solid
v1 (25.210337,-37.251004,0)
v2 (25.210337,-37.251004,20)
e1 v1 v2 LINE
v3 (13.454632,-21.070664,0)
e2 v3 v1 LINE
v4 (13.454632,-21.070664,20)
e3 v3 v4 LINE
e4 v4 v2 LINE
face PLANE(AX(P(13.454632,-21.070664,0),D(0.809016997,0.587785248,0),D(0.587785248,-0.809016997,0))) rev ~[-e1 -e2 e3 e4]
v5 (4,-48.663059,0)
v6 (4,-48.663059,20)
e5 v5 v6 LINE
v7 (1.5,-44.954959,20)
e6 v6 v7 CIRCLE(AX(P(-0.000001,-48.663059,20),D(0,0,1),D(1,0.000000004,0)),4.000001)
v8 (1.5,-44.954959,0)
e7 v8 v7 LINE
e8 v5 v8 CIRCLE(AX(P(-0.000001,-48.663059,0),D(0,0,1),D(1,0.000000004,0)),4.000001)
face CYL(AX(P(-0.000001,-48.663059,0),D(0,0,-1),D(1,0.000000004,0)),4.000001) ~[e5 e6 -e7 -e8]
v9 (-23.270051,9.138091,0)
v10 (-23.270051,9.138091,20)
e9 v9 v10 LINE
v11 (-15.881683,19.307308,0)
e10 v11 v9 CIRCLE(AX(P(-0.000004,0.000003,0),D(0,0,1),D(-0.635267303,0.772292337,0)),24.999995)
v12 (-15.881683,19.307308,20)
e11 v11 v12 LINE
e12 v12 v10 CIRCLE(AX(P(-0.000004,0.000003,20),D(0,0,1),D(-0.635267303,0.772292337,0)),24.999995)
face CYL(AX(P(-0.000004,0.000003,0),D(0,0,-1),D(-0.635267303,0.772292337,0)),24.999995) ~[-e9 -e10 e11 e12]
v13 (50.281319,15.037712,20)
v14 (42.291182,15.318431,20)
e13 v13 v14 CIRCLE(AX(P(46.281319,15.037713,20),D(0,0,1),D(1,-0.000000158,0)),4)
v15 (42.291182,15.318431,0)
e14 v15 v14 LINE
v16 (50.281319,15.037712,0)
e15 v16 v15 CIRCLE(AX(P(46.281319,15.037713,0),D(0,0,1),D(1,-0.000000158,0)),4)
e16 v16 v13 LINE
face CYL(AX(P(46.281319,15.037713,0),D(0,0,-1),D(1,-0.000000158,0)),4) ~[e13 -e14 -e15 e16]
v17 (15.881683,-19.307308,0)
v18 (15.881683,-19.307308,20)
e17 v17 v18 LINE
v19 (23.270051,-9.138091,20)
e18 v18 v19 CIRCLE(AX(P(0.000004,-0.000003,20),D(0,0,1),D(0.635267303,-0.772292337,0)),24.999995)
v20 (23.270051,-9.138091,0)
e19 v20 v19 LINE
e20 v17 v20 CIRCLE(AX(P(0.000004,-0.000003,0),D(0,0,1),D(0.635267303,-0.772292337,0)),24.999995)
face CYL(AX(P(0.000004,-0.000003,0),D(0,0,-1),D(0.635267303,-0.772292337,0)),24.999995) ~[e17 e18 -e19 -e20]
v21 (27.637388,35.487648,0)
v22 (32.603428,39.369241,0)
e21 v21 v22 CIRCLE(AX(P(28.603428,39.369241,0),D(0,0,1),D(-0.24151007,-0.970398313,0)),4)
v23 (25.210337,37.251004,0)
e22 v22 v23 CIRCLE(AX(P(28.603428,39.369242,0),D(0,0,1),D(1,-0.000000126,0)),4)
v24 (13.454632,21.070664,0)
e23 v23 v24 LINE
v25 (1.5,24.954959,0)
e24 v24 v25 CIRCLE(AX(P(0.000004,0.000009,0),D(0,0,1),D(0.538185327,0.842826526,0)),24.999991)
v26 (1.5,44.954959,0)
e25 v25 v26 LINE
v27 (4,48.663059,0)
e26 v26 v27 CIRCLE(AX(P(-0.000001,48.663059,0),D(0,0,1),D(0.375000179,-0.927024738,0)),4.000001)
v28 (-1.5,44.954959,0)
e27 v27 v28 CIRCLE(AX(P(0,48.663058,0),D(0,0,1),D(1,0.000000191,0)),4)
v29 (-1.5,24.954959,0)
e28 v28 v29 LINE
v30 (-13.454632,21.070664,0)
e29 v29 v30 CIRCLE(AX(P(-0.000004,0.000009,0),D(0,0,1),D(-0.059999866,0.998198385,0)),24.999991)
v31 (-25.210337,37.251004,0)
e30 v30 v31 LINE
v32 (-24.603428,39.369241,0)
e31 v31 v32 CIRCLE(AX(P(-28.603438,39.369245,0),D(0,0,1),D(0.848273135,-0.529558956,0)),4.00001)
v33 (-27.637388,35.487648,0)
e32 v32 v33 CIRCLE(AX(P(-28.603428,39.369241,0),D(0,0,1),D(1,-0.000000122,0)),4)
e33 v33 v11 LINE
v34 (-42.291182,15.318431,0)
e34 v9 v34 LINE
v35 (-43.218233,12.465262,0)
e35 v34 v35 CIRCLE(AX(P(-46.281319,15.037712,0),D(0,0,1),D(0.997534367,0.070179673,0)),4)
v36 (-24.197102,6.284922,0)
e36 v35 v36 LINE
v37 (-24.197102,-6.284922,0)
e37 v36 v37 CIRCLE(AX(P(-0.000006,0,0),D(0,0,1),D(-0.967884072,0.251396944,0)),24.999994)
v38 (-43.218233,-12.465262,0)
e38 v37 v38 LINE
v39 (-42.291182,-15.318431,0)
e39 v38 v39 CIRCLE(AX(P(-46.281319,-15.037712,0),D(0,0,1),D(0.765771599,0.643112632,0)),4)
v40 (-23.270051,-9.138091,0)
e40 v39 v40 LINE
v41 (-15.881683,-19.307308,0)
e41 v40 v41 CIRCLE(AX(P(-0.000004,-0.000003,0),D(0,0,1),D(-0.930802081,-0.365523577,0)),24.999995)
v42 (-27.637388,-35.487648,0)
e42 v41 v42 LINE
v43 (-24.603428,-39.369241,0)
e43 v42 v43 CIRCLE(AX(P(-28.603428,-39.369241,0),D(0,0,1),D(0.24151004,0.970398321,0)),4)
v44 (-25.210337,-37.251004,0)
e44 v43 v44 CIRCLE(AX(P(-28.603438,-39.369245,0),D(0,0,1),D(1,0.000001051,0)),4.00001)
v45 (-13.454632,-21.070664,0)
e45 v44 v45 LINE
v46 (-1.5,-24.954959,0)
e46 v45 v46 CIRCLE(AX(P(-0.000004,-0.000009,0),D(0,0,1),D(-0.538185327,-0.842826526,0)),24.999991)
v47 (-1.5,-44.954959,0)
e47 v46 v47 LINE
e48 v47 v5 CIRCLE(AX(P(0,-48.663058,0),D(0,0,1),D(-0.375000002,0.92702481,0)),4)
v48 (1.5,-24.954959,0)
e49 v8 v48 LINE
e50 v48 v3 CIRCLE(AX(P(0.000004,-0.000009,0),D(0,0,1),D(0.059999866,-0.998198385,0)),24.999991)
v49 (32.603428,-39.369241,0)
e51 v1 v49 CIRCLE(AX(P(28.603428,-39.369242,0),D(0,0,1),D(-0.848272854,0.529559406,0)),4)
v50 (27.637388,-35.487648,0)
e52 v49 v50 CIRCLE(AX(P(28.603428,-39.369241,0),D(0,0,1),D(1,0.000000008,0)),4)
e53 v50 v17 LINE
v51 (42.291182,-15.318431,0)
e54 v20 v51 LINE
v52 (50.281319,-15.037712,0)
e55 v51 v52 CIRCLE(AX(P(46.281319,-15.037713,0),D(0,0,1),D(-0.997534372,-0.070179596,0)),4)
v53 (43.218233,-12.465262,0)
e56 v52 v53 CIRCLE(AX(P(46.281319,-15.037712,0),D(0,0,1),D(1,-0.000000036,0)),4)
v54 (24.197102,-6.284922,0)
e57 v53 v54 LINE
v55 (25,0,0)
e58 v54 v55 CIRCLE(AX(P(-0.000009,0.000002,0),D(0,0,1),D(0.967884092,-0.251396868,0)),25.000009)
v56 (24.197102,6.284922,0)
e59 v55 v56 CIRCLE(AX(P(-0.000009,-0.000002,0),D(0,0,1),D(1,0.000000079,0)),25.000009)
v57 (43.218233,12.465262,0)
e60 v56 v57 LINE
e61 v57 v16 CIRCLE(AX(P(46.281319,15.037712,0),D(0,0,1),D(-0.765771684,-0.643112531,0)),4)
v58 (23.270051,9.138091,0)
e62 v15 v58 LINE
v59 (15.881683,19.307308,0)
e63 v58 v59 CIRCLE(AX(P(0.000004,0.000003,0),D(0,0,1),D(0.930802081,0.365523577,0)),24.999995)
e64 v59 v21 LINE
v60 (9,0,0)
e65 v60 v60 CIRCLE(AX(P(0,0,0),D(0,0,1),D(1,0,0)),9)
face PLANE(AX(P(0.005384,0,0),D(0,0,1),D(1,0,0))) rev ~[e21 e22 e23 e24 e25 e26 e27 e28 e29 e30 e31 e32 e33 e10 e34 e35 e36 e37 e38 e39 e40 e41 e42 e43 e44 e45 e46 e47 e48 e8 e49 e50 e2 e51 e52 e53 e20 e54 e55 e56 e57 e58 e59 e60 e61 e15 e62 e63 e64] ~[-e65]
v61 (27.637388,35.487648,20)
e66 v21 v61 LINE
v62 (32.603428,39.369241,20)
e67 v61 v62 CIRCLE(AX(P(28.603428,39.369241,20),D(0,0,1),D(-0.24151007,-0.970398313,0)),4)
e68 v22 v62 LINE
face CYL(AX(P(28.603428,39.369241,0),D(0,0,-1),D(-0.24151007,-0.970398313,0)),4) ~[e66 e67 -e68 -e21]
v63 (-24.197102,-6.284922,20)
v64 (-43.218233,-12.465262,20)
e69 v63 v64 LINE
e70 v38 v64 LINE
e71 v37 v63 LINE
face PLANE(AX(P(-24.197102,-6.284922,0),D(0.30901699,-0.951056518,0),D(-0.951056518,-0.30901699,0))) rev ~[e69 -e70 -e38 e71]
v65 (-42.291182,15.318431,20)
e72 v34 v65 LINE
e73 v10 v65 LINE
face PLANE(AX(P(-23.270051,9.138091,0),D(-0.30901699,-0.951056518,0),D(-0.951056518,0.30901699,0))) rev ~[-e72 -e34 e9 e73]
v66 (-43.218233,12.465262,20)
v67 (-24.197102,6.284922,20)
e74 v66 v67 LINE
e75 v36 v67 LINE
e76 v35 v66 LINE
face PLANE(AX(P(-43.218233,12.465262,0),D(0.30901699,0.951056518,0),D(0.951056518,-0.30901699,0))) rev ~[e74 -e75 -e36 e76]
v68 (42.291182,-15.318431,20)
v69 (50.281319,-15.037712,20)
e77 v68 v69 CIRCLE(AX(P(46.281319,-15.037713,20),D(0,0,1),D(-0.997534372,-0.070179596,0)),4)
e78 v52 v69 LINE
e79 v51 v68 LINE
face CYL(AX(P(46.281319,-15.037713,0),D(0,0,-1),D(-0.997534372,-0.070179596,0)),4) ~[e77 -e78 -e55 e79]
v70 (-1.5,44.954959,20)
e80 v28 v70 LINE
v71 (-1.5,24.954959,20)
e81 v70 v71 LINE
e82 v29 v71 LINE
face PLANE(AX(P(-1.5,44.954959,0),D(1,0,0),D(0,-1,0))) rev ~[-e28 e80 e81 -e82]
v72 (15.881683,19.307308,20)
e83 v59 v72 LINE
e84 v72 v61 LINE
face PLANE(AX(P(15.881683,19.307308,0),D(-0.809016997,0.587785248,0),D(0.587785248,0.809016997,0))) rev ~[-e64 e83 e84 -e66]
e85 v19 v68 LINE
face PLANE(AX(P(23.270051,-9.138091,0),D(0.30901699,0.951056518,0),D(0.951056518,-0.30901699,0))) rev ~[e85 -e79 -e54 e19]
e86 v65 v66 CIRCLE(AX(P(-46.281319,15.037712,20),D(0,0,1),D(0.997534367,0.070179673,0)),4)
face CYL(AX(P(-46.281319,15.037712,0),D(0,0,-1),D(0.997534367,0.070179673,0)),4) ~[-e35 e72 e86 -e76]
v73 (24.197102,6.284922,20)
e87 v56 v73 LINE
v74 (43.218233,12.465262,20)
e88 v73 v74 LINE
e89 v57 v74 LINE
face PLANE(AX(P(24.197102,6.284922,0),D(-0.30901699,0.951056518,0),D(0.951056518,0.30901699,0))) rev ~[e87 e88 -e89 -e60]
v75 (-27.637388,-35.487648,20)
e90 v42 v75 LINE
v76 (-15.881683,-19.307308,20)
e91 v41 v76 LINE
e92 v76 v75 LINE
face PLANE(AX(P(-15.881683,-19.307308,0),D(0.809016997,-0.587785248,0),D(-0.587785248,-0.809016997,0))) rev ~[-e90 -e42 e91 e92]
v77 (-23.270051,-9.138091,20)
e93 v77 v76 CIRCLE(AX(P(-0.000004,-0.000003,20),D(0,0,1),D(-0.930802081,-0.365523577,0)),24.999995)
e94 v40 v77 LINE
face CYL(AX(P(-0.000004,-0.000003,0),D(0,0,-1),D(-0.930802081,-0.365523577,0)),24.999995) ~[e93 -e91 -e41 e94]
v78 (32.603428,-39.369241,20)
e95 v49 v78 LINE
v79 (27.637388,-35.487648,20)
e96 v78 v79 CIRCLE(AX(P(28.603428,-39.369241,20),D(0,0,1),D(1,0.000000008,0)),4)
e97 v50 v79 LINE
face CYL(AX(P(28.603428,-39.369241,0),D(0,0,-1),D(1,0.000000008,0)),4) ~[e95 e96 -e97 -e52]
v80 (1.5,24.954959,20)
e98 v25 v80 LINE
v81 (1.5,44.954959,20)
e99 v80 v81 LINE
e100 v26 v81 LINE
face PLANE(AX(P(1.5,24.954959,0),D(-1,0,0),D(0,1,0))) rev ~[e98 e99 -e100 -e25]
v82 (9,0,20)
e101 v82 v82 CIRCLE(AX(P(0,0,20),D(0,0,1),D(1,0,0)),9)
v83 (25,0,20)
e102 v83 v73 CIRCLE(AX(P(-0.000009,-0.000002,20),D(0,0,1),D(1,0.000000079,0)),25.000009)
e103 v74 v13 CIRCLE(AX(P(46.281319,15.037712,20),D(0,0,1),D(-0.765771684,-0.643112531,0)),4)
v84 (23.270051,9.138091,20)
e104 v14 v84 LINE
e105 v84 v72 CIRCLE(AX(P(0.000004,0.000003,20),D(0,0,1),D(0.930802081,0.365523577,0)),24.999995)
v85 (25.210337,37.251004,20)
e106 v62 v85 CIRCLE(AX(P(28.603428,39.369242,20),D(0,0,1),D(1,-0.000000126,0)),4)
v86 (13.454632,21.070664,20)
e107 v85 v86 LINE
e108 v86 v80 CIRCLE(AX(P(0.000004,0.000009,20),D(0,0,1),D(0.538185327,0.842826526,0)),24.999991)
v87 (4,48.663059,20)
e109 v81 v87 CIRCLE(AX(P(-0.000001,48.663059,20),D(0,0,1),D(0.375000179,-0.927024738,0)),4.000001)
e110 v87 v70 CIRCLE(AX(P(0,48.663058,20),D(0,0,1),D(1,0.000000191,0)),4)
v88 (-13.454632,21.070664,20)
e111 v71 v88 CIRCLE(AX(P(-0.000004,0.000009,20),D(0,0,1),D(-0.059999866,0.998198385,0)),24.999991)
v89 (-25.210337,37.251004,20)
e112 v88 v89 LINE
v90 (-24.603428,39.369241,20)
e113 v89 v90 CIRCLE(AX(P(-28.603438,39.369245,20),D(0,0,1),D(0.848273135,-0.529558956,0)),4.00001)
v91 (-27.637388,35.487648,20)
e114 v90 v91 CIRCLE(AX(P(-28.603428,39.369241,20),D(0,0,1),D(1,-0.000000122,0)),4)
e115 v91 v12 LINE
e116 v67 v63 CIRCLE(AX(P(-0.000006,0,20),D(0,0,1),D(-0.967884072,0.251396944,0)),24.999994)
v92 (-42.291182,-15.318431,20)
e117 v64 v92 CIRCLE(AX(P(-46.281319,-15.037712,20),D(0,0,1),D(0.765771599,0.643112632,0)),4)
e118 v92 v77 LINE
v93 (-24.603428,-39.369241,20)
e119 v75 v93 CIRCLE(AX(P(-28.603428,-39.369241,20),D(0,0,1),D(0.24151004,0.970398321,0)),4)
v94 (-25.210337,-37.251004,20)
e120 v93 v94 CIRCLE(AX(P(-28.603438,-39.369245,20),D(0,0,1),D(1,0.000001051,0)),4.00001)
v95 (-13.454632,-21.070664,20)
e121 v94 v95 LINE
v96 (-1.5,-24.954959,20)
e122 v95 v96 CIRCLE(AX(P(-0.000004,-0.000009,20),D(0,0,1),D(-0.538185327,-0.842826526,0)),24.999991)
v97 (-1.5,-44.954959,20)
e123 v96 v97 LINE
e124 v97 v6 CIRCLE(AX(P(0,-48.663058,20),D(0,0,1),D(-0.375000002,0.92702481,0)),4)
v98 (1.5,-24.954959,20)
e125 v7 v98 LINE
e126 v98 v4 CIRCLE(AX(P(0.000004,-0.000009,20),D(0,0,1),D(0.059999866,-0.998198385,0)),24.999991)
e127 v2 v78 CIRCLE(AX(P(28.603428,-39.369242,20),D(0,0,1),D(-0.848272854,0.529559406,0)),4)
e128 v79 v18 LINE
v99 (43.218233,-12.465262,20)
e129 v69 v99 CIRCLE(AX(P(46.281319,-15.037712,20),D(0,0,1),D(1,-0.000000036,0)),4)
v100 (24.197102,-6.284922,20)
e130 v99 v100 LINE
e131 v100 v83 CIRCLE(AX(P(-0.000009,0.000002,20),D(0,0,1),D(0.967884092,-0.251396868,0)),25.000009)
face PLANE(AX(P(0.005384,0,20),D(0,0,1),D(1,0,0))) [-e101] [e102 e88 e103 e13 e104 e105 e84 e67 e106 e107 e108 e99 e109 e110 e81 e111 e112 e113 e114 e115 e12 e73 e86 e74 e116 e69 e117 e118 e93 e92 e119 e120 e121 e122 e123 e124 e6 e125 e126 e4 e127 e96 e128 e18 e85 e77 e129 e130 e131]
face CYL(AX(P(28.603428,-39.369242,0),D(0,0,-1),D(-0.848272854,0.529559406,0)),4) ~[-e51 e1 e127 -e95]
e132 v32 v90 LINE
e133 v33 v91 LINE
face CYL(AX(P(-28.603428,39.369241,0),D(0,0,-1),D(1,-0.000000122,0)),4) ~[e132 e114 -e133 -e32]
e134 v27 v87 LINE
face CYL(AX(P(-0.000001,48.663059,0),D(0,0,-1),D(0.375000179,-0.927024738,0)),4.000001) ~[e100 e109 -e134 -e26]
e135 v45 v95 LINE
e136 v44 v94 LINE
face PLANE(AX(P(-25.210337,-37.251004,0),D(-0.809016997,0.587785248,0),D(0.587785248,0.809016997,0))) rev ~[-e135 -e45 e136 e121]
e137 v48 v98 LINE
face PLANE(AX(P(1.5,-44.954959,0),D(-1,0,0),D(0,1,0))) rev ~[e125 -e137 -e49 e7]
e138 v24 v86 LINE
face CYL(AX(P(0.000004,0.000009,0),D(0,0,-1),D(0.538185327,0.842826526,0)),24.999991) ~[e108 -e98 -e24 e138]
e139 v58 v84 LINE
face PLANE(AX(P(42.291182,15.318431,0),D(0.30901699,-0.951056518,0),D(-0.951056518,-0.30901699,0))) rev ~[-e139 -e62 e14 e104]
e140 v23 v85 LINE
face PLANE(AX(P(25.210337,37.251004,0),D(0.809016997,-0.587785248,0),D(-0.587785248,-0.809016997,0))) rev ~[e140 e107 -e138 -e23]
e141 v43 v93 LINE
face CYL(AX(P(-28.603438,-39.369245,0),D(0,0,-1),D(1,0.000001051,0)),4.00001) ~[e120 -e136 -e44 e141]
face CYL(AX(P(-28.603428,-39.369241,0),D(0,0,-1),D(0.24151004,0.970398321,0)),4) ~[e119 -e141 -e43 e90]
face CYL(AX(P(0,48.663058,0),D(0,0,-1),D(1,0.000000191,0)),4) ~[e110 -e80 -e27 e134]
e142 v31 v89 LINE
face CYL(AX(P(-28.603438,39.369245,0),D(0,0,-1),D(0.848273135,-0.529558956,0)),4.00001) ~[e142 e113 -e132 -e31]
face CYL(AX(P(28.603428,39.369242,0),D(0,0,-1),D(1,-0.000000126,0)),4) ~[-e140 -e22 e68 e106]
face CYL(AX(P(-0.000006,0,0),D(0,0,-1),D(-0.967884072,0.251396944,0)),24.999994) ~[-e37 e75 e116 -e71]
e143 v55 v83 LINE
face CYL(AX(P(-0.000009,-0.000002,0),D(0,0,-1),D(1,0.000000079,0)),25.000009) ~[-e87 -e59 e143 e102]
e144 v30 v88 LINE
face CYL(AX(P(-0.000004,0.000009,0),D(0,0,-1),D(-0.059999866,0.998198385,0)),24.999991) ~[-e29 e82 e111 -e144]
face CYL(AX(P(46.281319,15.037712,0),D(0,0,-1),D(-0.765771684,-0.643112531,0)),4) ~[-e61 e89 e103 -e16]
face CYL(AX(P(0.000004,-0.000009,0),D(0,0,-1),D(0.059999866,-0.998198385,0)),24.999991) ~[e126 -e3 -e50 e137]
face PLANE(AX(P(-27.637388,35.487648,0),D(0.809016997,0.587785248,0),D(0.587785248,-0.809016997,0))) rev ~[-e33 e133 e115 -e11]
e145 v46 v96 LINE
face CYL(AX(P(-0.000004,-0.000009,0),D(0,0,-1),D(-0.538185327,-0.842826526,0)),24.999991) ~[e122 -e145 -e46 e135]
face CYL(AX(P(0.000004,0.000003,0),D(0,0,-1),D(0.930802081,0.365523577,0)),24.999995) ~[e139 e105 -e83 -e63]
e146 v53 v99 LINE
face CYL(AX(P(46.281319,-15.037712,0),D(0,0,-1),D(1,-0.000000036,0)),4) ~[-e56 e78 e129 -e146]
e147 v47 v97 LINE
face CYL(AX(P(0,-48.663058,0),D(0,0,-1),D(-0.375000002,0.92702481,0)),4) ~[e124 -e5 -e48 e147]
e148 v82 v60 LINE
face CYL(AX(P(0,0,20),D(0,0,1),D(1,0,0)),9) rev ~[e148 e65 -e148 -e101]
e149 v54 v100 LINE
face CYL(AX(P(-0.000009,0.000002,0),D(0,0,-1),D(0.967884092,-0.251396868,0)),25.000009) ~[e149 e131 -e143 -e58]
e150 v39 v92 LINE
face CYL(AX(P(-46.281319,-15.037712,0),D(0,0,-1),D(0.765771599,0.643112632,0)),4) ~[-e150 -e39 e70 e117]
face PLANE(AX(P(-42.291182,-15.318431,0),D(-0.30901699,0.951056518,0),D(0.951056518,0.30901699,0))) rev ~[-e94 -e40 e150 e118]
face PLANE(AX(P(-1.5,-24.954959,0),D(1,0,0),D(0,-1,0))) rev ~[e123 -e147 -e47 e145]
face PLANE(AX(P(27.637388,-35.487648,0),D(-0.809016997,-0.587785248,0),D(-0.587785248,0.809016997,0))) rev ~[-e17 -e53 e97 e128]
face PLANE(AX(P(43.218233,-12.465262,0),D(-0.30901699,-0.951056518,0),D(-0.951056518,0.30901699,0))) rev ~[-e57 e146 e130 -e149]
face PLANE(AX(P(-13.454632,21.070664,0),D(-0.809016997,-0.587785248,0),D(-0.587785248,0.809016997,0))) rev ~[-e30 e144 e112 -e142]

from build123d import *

# Parameters (mm, degrees)
F1_DEPTH = 20
F2_R     = 9
F3_DEPTH = 20.001


with BuildPart() as f1:
    # F0 (on Top) → F1 (new body)
    with BuildSketch(Plane.XY):
        with BuildLine():
            ThreePointArc((24.197102, -6.284922), (24.798463, -3.168), (25, 0))
            ThreePointArc((25, 0), (24.798463, 3.168), (24.197102, 6.284922))
            ThreePointArc((24.197102, 6.284922), (23.776413, 7.725425), (23.270051, 9.138091))
            ThreePointArc((23.270051, 9.138091), (20.225425, 14.694631), (15.881683, 19.307308))
            ThreePointArc((15.881683, 19.307308), (14.694631, 20.225425), (13.454632, 21.070664))
            ThreePointArc((13.454632, 21.070664), (7.725425, 23.776413), (1.5, 24.954959))
            ThreePointArc((1.5, 24.954959), (0, 25), (-1.5, 24.954959))
            ThreePointArc((-1.5, 24.954959), (-7.725425, 23.776413), (-13.454632, 21.070664))
            ThreePointArc((-13.454632, 21.070664), (-14.694631, 20.225425), (-15.881683, 19.307308))
            ThreePointArc((-15.881683, 19.307308), (-20.225425, 14.694631), (-23.270051, 9.138091))
            ThreePointArc((-23.270051, 9.138091), (-23.776413, 7.725425), (-24.197102, 6.284922))
            ThreePointArc((-24.197102, 6.284922), (-25, 0), (-24.197102, -6.284922))
            ThreePointArc((-24.197102, -6.284922), (-23.776413, -7.725425), (-23.270051, -9.138091))
            ThreePointArc((-23.270051, -9.138091), (-20.225425, -14.694631), (-15.881683, -19.307308))
            ThreePointArc((-15.881683, -19.307308), (-14.694631, -20.225425), (-13.454632, -21.070664))
            ThreePointArc((-13.454632, -21.070664), (-7.725425, -23.776413), (-1.5, -24.954959))
            ThreePointArc((-1.5, -24.954959), (0, -25), (1.5, -24.954959))
            ThreePointArc((1.5, -24.954959), (7.725425, -23.776413), (13.454632, -21.070664))
            ThreePointArc((13.454632, -21.070664), (14.694631, -20.225425), (15.881683, -19.307308))
            ThreePointArc((15.881683, -19.307308), (20.225425, -14.694631), (23.270051, -9.138091))
            ThreePointArc((23.270051, -9.138091), (23.776413, -7.725425), (24.197102, -6.284922))
        make_face()
        with BuildLine():
            ThreePointArc((23.270051, 9.138091), (23.776413, 7.725425), (24.197102, 6.284922))
            Line((24.197102, 6.284922), (43.218233, 12.465262))
            ThreePointArc((43.218233, 12.465262), (42.477093, 13.801644), (42.291182, 15.318431))
            Line((42.291182, 15.318431), (23.270051, 9.138091))
        make_face()
        with BuildLine():
            Line((43.218233, -12.465262), (24.197102, -6.284922))
            ThreePointArc((24.197102, -6.284922), (23.776413, -7.725425), (23.270051, -9.138091))
            Line((23.270051, -9.138091), (42.291182, -15.318431))
            ThreePointArc((42.291182, -15.318431), (42.477093, -13.801644), (43.218233, -12.465262))
        make_face()
        with BuildLine():
            ThreePointArc((42.291182, 15.318431), (42.477093, 13.801644), (43.218233, 12.465262))
            ThreePointArc((43.218233, 12.465262), (47.650197, 11.279232), (50.281319, 15.037712))
            ThreePointArc((50.281319, 15.037712), (46.421765, 19.035246), (42.291182, 15.318431))
        make_face()
        with BuildLine():
            ThreePointArc((50.281319, -15.037712), (47.650197, -11.279232), (43.218233, -12.465262))
            ThreePointArc((43.218233, -12.465262), (42.477093, -13.801644), (42.291182, -15.318431))
            ThreePointArc((42.291182, -15.318431), (46.421765, -19.035246), (50.281319, -15.037712))
        make_face()
        with BuildLine():
            ThreePointArc((13.454632, 21.070664), (14.694631, 20.225425), (15.881683, 19.307308))
            Line((15.881683, 19.307308), (27.637388, 35.487648))
            ThreePointArc((27.637388, 35.487648), (26.252287, 36.133173), (25.210337, 37.251004))
            Line((25.210337, 37.251004), (13.454632, 21.070664))
        make_face()
        with BuildLine():
            Line((27.637388, -35.487648), (15.881683, -19.307308))
            ThreePointArc((15.881683, -19.307308), (14.694631, -20.225425), (13.454632, -21.070664))
            Line((13.454632, -21.070664), (25.210337, -37.251004))
            ThreePointArc((25.210337, -37.251004), (26.252287, -36.133173), (27.637388, -35.487648))
        make_face()
        with BuildLine():
            ThreePointArc((25.210337, 37.251004), (26.252287, 36.133173), (27.637388, 35.487648))
            ThreePointArc((27.637388, 35.487648), (31.066743, 36.217721), (32.603428, 39.369241))
            ThreePointArc((32.603428, 39.369241), (27.501695, 43.214522), (25.210337, 37.251004))
        make_face()
        with BuildLine():
            ThreePointArc((32.603428, -39.369241), (31.066743, -36.217721), (27.637388, -35.487648))
            ThreePointArc((27.637388, -35.487648), (26.252287, -36.133173), (25.210337, -37.251004))
            ThreePointArc((25.210337, -37.251004), (27.501695, -43.214522), (32.603428, -39.369241))
        make_face()
        with BuildLine():
            ThreePointArc((-1.5, 24.954959), (0, 25), (1.5, 24.954959))
            Line((1.5, 24.954959), (1.5, 44.954959))
            ThreePointArc((1.5, 44.954959), (0, 44.663059), (-1.5, 44.954959))
            Line((-1.5, 44.954959), (-1.5, 24.954959))
        make_face()
        with BuildLine():
            Line((1.5, -44.954959), (1.5, -24.954959))
            ThreePointArc((1.5, -24.954959), (0, -25), (-1.5, -24.954959))
            Line((-1.5, -24.954959), (-1.5, -44.954959))
            ThreePointArc((-1.5, -44.954959), (0, -44.663059), (1.5, -44.954959))
        make_face()
        with BuildLine():
            ThreePointArc((-1.5, 44.954959), (0, 44.663059), (1.5, 44.954959))
            ThreePointArc((1.5, 44.954959), (3.316625, 46.426991), (4, 48.663059))
            ThreePointArc((4, 48.663059), (-2.236068, 51.979683), (-1.5, 44.954959))
        make_face()
        with BuildLine():
            ThreePointArc((4, -48.663059), (3.316625, -46.426991), (1.5, -44.954959))
            ThreePointArc((1.5, -44.954959), (0, -44.663059), (-1.5, -44.954959))
            ThreePointArc((-1.5, -44.954959), (-2.236068, -51.979683), (4, -48.663059))
        make_face()
        with BuildLine():
            ThreePointArc((-15.881683, 19.307308), (-14.694631, 20.225425), (-13.454632, 21.070664))
            Line((-13.454632, 21.070664), (-25.210337, 37.251004))
            ThreePointArc((-25.210337, 37.251004), (-26.252287, 36.133173), (-27.637388, 35.487648))
            Line((-27.637388, 35.487648), (-15.881683, 19.307308))
        make_face()
        with BuildLine():
            Line((-25.210337, -37.251004), (-13.454632, -21.070664))
            ThreePointArc((-13.454632, -21.070664), (-14.694631, -20.225425), (-15.881683, -19.307308))
            Line((-15.881683, -19.307308), (-27.637388, -35.487648))
            ThreePointArc((-27.637388, -35.487648), (-26.252287, -36.133173), (-25.210337, -37.251004))
        make_face()
        with BuildLine():
            ThreePointArc((-27.637388, 35.487648), (-26.252287, 36.133173), (-25.210337, 37.251004))
            ThreePointArc((-25.210337, 37.251004), (-24.758148, 38.267508), (-24.603428, 39.369241))
            ThreePointArc((-24.603428, 39.369241), (-31.754949, 41.832556), (-27.637388, 35.487648))
        make_face()
        with BuildLine():
            ThreePointArc((-24.603428, -39.369241), (-24.758148, -38.267508), (-25.210337, -37.251004))
            ThreePointArc((-25.210337, -37.251004), (-26.252287, -36.133173), (-27.637388, -35.487648))
            ThreePointArc((-27.637388, -35.487648), (-31.754949, -41.832556), (-24.603428, -39.369241))
        make_face()
        with BuildLine():
            ThreePointArc((-24.197102, 6.284922), (-23.776413, 7.725425), (-23.270051, 9.138091))
            Line((-23.270051, 9.138091), (-42.291182, 15.318431))
            ThreePointArc((-42.291182, 15.318431), (-42.283785, 15.178158), (-42.281319, 15.037712))
            ThreePointArc((-42.281319, 15.037712), (-42.522839, 13.668834), (-43.218233, 12.465262))
            Line((-43.218233, 12.465262), (-24.197102, 6.284922))
        make_face()
        with BuildLine():
            Line((-42.291182, -15.318431), (-23.270051, -9.138091))
            ThreePointArc((-23.270051, -9.138091), (-23.776413, -7.725425), (-24.197102, -6.284922))
            Line((-24.197102, -6.284922), (-43.218233, -12.465262))
            ThreePointArc((-43.218233, -12.465262), (-42.522839, -13.668834), (-42.281319, -15.037712))
            ThreePointArc((-42.281319, -15.037712), (-42.283785, -15.178158), (-42.291182, -15.318431))
        make_face()
        with BuildLine():
            ThreePointArc((-42.281319, 15.037712), (-42.283785, 15.178158), (-42.291182, 15.318431))
            ThreePointArc((-42.291182, 15.318431), (-50.085545, 16.27378), (-43.218233, 12.465262))
            ThreePointArc((-43.218233, 12.465262), (-42.522839, 13.668834), (-42.281319, 15.037712))
        make_face()
        with BuildLine():
            ThreePointArc((-43.218233, -12.465262), (-50.085545, -16.27378), (-42.291182, -15.318431))
            ThreePointArc((-42.291182, -15.318431), (-42.283785, -15.178158), (-42.281319, -15.037712))
            ThreePointArc((-42.281319, -15.037712), (-42.522839, -13.668834), (-43.218233, -12.465262))
        make_face()
    extrude(amount=F1_DEPTH)

    # F2 (on face) → F3 (cut, through all)
    with BuildSketch(Plane.XY.offset(20)):
        Circle(F2_R)
    extrude(amount=-F3_DEPTH, mode=Mode.SUBTRACT)


solid = f1.part
